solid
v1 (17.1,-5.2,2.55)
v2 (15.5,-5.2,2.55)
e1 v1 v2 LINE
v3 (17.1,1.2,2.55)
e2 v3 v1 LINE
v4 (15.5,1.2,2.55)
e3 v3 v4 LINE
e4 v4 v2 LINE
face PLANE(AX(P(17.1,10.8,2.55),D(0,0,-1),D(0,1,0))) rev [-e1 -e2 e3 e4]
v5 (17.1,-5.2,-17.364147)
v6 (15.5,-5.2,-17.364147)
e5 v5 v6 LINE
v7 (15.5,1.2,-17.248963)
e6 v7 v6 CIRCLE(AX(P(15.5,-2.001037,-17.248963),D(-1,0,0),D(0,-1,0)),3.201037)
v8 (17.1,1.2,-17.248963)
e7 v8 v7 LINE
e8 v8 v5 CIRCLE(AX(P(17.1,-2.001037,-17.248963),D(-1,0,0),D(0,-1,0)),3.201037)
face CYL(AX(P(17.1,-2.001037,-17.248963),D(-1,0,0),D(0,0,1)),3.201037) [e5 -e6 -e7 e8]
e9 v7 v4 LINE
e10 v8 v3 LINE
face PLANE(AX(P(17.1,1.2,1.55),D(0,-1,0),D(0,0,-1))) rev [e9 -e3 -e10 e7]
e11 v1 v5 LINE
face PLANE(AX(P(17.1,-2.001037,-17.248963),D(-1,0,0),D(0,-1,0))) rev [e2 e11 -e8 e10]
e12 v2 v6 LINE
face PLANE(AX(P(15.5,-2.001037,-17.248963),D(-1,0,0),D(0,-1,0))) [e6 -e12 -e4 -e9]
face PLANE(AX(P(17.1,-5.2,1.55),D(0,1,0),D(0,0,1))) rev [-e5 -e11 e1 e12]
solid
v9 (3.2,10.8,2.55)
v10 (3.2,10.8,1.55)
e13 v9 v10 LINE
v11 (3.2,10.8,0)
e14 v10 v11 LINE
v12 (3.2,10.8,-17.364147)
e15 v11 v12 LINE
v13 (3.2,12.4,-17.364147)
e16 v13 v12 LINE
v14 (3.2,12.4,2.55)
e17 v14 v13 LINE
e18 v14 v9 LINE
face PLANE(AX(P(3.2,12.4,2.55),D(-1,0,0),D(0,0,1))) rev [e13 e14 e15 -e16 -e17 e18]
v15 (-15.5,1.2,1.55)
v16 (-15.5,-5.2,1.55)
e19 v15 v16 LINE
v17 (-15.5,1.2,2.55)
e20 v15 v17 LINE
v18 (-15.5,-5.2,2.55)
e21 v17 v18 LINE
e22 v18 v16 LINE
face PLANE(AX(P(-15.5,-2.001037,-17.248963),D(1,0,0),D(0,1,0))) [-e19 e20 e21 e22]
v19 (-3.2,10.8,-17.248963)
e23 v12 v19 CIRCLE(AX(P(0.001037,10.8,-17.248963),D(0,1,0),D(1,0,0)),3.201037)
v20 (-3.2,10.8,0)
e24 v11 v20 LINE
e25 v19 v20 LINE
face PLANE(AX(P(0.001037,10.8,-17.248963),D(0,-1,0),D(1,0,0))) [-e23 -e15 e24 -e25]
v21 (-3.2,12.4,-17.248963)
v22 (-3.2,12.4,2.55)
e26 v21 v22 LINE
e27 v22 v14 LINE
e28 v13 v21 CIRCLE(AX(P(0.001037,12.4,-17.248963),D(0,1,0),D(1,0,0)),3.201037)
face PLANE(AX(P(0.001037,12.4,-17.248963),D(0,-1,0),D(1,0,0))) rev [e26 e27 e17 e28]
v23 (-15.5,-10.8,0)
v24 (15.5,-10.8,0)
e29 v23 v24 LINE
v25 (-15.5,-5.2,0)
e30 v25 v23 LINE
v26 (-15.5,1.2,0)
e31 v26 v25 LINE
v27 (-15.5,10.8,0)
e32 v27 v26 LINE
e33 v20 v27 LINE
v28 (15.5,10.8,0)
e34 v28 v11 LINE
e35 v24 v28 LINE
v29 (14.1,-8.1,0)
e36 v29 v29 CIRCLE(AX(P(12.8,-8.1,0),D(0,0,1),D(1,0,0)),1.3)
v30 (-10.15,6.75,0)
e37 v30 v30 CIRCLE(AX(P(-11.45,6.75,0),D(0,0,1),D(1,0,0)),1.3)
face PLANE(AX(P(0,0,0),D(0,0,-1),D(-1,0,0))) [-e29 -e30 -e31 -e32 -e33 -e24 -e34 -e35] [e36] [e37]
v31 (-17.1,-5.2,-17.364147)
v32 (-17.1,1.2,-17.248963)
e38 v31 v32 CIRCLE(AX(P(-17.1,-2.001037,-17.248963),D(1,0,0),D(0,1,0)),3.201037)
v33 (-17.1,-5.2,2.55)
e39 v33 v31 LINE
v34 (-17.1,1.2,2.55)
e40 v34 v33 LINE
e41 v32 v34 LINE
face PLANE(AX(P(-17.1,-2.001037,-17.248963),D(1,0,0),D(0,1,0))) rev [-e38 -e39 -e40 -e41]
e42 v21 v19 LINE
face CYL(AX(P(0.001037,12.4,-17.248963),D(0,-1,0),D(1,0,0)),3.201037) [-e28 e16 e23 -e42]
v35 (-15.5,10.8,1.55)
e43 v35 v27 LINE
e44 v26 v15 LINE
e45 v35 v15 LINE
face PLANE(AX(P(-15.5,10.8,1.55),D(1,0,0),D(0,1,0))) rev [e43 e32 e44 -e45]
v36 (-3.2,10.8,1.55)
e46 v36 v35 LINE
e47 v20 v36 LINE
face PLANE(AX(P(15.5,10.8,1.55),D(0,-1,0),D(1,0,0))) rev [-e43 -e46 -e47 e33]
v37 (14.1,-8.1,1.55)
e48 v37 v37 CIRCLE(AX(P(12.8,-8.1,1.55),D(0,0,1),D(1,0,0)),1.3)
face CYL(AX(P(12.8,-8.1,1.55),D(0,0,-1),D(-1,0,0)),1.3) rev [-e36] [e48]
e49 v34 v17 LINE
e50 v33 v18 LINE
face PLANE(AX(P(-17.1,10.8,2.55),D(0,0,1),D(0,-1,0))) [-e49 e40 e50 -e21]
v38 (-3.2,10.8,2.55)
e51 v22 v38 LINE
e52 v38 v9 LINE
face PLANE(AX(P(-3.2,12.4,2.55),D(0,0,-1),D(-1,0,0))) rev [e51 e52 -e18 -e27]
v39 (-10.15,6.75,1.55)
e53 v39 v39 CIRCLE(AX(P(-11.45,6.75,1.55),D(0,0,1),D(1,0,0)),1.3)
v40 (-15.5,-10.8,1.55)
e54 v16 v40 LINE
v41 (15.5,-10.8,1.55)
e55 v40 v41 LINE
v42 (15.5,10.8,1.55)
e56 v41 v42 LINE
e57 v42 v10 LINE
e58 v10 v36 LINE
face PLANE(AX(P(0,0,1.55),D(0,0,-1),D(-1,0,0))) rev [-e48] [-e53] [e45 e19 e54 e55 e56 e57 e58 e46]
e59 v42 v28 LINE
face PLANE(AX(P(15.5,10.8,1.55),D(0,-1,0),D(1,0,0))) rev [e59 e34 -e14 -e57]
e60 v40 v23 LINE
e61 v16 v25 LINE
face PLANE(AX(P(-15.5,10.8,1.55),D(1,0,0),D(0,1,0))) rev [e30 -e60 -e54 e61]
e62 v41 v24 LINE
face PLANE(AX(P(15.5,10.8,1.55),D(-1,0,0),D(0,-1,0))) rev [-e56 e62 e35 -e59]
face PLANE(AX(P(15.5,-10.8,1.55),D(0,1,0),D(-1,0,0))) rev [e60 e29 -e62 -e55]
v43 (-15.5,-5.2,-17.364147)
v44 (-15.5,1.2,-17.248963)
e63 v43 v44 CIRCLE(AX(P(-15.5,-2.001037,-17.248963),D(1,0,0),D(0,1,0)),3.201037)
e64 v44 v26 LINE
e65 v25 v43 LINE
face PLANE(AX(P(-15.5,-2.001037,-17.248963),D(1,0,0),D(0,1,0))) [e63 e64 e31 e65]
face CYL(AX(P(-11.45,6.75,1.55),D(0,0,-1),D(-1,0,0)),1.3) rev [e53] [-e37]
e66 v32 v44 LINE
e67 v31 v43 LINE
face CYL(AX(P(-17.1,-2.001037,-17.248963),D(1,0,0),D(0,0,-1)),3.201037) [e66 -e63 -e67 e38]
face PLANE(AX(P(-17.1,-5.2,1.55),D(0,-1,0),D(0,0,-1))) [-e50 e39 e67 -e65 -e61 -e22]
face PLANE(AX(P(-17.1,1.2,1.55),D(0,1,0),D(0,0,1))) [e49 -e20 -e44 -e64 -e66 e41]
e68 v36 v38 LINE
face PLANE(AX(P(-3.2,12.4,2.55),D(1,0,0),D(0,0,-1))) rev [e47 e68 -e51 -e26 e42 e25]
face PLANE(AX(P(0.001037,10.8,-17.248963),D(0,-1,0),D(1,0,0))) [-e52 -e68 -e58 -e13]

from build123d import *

# Parameters (mm, degrees)
SKETCH1_W           = 31
SKETCH1_H           = 21.6
SKETCH1_R           = 1.3
BOSS_EXTRUDE1_DEPTH = 1.55
BOSS_EXTRUDE2_START = 15.5
BOSS_EXTRUDE2_DEPTH = 1.6
BOSS_EXTRUDE3_START = -15.5
BOSS_EXTRUDE3_DEPTH = 1.6
BOSS_EXTRUDE4_DEPTH = 1.6


with BuildPart() as part:
    # Sketch1 → Boss-Extrude1 (new body)
    with BuildSketch(Plane.XY):
        Rectangle(SKETCH1_W, SKETCH1_H)
        with Locations((12.8, -8.1)):
            Circle(SKETCH1_R, mode=Mode.SUBTRACT)
        with Locations((-11.45, 6.75)):
            Circle(SKETCH1_R, mode=Mode.SUBTRACT)
    extrude(amount=BOSS_EXTRUDE1_DEPTH)

    # Sketch2<2> → Boss-Extrude3 (add)
    with BuildSketch(Plane(origin=(0, 0, 0), x_dir=(0, 0, -1), z_dir=(1, 0, 0)).offset(BOSS_EXTRUDE3_START)):
        with BuildLine():
            Line((-2.55, 1.2), (17.248963494, 1.2))
            ThreePointArc((17.248963494, 1.2), (20.449481705, -1.943435359), (17.364147134, -5.2))
            Line((17.364147134, -5.2), (-2.55, -5.2))
            Line((-2.55, -5.2), (-2.55, 1.2))
        make_face()
    extrude(amount=-BOSS_EXTRUDE3_DEPTH)

    # Sketch3 → Boss-Extrude4 (add)
    with BuildSketch(Plane(origin=(0, 10.8, 0), x_dir=(1, 0, 0), z_dir=(0, 1, 0))):
        with BuildLine():
            Line((-3.2, -2.55), (-3.2, 17.248963494))
            ThreePointArc((-3.2, 17.248963494), (-0.056564641, 20.449481705), (3.2, 17.364147134))
            Line((3.2, 17.364147134), (3.2, -2.55))
            Line((3.2, -2.55), (-3.2, -2.55))
        make_face()
    extrude(amount=BOSS_EXTRUDE4_DEPTH)


with BuildPart() as body_2:
    # Sketch2 → Boss-Extrude2 (new body)
    with BuildSketch(Plane(origin=(0, 0, 0), x_dir=(0, 0, -1), z_dir=(1, 0, 0)).offset(BOSS_EXTRUDE2_START)):
        with BuildLine():
            Line((-2.55, 1.2), (17.248963494, 1.2))
            ThreePointArc((17.248963494, 1.2), (20.449481705, -1.943435359), (17.364147134, -5.2))
            Line((17.364147134, -5.2), (-2.55, -5.2))
            Line((-2.55, -5.2), (-2.55, 1.2))
        make_face()
    extrude(amount=BOSS_EXTRUDE2_DEPTH)


solid = Compound([part.part, body_2.part])
